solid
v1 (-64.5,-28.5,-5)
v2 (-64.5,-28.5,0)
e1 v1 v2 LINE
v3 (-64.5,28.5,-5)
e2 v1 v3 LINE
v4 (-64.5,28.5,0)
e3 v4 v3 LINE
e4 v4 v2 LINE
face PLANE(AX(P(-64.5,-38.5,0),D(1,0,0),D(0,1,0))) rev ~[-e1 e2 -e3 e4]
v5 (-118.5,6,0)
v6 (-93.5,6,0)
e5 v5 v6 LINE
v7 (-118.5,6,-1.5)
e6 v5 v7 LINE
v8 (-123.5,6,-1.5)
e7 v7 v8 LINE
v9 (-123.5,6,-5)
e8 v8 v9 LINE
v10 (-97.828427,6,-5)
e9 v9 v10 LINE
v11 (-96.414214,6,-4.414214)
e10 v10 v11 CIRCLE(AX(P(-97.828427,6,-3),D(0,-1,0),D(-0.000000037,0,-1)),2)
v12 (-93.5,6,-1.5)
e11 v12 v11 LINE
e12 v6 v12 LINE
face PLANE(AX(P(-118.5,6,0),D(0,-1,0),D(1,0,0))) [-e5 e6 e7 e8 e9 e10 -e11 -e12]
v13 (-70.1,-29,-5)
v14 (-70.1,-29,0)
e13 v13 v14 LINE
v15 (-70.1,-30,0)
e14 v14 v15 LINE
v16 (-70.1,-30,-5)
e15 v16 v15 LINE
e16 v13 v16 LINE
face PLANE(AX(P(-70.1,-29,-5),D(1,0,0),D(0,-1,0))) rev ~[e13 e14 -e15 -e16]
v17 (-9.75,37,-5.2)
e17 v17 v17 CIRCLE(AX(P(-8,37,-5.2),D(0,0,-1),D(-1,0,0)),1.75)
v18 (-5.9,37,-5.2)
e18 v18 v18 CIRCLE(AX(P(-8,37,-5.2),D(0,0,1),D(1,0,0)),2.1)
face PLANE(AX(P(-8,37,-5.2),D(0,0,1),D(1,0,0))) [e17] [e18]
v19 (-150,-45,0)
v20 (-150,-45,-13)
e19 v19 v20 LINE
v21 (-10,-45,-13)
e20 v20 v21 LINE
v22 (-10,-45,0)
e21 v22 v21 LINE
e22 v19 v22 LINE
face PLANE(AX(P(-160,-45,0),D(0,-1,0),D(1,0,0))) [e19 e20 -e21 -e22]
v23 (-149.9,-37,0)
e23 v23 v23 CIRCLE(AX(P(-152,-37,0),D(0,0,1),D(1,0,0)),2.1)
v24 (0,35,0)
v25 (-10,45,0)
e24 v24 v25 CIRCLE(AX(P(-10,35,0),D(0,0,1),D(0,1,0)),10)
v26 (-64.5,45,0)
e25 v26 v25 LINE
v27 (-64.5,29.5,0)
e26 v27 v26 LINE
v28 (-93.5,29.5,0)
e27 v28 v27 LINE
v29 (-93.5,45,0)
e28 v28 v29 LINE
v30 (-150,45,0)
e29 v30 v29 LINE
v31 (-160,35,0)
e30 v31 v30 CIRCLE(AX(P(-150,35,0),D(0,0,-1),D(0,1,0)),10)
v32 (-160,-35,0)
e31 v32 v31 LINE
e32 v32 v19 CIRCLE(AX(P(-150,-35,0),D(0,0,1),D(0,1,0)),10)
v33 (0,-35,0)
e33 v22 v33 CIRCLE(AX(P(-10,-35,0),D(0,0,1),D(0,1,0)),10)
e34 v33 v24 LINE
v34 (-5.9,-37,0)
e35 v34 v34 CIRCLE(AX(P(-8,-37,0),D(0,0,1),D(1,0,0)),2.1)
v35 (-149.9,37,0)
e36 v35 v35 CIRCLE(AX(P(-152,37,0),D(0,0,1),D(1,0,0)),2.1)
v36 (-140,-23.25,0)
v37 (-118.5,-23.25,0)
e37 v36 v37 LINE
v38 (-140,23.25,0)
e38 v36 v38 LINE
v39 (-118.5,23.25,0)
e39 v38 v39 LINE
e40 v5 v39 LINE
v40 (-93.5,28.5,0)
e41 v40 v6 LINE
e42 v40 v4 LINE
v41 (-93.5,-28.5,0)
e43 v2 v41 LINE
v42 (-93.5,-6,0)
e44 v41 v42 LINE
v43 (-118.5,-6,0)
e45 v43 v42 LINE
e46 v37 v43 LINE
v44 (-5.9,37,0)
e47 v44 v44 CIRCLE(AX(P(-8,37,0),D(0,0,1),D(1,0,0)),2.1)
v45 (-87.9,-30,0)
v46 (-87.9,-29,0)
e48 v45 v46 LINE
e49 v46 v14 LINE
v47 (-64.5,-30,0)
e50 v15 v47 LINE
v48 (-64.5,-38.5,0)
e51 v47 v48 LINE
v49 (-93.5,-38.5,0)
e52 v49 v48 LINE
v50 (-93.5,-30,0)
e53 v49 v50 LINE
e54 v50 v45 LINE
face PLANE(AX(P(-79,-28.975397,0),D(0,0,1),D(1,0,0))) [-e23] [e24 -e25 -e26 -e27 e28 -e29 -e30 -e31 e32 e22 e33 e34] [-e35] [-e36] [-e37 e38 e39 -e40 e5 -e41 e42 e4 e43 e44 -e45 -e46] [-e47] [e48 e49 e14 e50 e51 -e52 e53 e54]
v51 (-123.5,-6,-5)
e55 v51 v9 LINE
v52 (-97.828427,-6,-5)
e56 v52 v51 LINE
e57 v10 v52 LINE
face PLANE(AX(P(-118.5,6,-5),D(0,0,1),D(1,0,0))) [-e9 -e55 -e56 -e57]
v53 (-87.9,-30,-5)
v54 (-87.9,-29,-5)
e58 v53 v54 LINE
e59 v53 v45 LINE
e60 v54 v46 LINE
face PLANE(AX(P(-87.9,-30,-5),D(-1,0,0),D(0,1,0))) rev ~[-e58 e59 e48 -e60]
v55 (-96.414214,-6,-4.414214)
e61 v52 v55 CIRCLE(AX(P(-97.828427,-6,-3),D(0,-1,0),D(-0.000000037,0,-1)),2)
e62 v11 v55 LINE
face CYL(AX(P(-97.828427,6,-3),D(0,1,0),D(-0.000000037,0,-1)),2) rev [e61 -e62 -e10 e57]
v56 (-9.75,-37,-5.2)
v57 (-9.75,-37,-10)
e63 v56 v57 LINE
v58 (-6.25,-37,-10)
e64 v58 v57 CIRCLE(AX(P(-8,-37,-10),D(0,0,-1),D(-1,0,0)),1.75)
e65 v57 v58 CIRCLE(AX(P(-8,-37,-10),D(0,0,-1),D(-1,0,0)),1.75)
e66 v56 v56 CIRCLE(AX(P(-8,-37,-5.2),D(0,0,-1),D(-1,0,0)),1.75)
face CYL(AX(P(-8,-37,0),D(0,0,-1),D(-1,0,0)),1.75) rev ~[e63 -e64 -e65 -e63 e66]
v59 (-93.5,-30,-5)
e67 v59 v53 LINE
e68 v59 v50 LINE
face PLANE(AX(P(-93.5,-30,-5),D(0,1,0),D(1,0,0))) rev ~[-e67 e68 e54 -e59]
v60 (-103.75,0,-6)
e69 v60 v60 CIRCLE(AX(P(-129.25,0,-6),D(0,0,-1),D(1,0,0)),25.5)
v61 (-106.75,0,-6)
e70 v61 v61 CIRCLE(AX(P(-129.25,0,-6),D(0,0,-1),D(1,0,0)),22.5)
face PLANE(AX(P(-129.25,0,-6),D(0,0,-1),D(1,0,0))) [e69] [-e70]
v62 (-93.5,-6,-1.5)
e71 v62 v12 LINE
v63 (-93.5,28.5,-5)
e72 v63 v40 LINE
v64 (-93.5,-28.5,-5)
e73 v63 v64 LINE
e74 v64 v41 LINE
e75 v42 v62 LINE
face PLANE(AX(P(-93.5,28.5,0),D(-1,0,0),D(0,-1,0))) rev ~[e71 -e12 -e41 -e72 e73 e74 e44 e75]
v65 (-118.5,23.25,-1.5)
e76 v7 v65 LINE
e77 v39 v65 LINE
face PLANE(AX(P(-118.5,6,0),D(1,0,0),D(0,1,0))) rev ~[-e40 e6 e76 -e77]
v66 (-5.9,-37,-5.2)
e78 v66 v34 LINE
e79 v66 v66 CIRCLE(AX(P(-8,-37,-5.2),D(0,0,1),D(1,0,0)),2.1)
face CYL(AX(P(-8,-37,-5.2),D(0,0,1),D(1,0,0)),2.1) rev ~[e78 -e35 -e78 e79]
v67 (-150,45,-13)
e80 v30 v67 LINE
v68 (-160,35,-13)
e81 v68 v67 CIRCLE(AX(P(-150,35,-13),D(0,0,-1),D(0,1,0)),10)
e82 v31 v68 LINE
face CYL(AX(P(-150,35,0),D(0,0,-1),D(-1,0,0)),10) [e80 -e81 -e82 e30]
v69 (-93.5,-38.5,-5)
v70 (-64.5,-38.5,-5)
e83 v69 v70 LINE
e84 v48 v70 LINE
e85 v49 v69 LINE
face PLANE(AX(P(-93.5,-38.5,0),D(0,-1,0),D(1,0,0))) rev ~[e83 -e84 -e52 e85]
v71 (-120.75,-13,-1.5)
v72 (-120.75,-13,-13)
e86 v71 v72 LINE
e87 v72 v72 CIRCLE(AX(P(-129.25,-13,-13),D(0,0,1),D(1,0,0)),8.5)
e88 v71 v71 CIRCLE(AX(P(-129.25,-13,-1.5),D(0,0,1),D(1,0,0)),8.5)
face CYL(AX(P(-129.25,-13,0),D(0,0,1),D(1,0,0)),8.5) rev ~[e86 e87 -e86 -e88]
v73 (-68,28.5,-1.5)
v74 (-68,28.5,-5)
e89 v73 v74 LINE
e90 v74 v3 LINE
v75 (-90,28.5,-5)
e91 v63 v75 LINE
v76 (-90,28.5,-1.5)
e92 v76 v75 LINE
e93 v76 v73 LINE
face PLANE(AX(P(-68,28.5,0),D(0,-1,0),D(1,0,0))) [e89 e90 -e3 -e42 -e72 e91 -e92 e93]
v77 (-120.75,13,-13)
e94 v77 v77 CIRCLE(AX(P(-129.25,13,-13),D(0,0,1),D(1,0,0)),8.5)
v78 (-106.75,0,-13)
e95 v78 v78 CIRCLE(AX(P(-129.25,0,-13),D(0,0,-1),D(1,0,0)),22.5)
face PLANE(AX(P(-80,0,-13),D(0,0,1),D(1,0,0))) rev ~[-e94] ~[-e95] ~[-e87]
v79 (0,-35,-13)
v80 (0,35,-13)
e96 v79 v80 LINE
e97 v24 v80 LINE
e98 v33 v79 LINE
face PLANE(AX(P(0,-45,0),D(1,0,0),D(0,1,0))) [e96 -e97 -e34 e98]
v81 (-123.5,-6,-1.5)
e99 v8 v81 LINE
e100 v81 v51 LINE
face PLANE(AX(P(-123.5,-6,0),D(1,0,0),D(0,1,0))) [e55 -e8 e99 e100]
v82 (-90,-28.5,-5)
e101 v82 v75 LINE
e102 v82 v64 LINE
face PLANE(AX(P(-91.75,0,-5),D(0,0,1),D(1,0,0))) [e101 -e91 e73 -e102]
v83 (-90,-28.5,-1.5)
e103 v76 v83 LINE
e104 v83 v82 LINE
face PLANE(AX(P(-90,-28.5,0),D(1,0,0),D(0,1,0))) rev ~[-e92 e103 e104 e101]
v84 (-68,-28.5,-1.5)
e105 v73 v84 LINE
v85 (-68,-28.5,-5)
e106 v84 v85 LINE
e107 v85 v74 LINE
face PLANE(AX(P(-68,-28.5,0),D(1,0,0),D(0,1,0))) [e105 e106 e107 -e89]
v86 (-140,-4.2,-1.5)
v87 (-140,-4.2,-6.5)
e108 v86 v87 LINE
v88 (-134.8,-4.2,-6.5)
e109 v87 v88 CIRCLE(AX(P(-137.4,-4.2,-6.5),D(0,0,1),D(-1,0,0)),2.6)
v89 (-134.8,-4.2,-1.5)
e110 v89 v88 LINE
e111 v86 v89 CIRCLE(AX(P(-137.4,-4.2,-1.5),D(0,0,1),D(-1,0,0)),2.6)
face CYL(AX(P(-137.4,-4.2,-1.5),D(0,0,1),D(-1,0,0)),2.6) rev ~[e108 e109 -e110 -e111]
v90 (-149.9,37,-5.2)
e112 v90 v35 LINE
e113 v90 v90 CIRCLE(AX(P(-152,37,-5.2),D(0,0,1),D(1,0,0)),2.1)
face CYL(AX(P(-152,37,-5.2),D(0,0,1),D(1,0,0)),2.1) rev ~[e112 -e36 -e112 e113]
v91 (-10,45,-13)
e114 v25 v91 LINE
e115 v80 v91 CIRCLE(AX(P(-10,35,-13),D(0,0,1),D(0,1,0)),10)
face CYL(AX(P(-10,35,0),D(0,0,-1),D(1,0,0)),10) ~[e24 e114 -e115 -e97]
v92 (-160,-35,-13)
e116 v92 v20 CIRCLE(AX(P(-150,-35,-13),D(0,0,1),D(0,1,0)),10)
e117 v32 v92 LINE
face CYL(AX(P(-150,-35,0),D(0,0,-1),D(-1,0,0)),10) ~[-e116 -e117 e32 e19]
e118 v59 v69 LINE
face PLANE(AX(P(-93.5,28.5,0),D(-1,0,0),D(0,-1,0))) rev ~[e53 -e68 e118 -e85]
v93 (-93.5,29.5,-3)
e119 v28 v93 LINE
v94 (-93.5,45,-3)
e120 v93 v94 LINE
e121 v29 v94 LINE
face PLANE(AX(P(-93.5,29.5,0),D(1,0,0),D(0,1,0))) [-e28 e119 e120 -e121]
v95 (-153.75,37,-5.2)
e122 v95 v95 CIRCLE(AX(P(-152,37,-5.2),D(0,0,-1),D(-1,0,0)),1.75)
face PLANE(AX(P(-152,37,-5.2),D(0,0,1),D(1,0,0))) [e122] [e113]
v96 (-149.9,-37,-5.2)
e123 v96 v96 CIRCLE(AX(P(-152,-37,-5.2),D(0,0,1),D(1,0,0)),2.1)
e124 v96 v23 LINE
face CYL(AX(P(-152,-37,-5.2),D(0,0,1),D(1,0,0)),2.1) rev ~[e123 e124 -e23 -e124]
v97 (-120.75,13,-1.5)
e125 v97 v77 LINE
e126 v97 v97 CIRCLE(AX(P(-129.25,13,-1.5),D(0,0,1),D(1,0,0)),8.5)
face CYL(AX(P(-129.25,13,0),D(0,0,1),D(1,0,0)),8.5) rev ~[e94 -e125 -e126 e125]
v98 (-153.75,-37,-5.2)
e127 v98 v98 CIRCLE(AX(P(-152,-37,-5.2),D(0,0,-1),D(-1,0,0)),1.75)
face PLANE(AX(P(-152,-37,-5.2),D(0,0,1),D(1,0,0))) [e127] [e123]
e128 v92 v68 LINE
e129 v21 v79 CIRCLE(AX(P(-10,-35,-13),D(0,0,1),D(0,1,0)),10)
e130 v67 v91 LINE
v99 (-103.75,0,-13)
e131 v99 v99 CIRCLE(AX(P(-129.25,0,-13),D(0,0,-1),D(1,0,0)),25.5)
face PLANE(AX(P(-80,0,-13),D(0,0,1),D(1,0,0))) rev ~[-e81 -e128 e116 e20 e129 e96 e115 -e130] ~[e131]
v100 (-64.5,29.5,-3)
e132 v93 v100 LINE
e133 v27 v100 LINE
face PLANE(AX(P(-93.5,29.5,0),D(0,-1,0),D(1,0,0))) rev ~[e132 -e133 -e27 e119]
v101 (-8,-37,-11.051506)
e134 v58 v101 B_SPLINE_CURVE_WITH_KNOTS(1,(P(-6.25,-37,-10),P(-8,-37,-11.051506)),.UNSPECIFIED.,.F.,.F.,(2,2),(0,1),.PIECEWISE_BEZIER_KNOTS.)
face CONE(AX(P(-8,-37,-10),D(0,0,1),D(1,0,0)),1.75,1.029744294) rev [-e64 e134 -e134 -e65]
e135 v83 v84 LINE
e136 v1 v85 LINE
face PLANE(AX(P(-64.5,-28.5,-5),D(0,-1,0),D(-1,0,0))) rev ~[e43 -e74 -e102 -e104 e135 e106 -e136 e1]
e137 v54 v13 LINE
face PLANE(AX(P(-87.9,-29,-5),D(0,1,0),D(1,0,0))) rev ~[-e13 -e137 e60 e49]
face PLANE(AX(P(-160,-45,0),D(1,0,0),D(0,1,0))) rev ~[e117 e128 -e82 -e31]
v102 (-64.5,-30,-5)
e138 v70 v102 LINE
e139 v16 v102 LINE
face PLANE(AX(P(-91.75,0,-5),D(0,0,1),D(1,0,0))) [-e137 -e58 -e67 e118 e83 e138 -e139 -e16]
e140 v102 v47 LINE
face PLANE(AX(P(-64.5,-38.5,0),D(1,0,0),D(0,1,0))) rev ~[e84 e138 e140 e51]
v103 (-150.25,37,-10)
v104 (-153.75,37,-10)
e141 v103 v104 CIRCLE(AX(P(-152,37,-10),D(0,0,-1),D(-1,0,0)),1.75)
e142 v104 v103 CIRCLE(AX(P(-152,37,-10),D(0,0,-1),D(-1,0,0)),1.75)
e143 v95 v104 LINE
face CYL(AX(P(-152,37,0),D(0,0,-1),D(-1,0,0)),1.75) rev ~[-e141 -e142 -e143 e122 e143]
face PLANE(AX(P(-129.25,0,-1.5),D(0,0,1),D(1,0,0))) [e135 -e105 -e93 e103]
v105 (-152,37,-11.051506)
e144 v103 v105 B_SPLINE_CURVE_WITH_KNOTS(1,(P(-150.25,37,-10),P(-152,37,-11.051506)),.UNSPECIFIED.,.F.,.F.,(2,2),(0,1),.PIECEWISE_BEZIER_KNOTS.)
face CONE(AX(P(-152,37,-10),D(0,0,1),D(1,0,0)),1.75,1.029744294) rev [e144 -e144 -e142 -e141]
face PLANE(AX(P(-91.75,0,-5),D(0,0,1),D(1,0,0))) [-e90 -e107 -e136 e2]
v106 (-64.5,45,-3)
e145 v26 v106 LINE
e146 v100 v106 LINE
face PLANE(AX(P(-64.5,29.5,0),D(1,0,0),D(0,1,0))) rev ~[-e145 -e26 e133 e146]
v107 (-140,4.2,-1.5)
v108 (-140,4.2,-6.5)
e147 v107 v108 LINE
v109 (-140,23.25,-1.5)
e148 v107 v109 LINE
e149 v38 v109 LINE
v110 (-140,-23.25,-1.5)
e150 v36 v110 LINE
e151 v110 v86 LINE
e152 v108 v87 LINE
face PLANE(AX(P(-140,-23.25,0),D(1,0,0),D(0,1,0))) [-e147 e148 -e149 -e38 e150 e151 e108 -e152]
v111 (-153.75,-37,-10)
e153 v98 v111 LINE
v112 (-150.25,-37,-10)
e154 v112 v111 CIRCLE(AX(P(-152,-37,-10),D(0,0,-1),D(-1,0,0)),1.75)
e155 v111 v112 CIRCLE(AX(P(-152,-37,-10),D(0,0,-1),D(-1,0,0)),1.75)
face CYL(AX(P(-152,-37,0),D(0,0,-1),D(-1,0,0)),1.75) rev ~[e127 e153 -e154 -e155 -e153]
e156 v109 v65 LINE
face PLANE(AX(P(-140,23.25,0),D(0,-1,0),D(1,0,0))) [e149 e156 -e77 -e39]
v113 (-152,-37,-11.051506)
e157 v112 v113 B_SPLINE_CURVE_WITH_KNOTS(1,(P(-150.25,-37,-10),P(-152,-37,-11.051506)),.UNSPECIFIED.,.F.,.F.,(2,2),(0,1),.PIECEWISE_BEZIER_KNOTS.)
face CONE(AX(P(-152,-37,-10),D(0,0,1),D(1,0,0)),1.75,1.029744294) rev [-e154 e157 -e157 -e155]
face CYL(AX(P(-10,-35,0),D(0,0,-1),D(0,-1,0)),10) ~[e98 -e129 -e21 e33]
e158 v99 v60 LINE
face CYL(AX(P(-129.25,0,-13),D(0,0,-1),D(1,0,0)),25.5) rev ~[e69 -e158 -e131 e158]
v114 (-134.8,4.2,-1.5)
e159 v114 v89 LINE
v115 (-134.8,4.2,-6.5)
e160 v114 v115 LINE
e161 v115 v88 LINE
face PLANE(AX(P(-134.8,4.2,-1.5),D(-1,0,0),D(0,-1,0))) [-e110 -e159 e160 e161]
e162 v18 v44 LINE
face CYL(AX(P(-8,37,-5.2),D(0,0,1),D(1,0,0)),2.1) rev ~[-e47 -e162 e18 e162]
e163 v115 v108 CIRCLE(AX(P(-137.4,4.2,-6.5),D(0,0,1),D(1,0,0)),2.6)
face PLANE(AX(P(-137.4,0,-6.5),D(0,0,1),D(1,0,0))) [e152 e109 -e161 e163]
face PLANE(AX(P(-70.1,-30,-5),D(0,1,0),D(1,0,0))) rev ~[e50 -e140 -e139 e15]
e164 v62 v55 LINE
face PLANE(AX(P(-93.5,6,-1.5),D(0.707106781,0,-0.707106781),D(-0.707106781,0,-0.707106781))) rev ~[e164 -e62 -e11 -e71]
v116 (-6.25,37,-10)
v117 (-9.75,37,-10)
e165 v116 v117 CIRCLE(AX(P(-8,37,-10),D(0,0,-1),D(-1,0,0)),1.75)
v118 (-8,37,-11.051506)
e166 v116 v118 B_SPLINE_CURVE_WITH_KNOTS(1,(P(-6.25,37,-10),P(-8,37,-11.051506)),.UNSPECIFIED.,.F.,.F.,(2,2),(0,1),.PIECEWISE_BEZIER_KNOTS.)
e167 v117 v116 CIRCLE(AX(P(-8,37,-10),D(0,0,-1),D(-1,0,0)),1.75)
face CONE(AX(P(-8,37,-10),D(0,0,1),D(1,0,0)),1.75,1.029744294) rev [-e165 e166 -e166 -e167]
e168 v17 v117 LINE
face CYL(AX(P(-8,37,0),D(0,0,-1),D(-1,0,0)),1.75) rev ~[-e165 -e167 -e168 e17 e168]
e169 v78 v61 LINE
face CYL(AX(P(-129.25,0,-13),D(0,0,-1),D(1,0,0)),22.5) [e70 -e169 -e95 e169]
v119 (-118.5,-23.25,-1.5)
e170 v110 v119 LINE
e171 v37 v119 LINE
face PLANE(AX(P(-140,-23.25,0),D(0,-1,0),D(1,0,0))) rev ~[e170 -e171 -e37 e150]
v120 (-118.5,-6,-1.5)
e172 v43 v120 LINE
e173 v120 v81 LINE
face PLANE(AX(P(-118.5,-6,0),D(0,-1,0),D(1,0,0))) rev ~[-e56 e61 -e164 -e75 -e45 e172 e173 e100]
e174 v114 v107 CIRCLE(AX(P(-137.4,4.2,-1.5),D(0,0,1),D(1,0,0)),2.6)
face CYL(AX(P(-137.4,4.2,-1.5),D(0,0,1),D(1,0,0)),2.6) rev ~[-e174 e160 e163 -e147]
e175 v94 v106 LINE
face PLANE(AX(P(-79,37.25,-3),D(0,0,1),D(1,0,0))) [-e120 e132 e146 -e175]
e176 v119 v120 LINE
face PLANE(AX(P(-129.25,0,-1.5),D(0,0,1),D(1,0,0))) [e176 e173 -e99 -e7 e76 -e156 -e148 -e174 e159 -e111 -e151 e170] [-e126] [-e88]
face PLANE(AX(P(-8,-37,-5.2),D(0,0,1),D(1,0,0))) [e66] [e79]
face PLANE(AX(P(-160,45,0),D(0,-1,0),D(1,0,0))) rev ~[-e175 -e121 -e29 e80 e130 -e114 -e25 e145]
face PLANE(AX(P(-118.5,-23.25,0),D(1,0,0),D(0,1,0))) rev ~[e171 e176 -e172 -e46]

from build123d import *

# Parameters (mm, degrees)
SKETCH018_W         = 160
SKETCH018_H         = 90
PAD004_DEPTH        = 13
HOLE005_D           = 3.5
HOLE005_DEPTH       = 10
HOLE005_CBORE_D     = 4.2
HOLE005_CBORE_DEPTH = 5.2
HOLE005_TIPS_R      = 1.75
SKETCH020_R         = 8.5
POCKET008_DEPTH     = 13.001
SKETCH021_W         = 5
SKETCH021_H         = 12
SKETCH021_W_2       = 3.5
SKETCH021_H_2       = 57
SKETCH021_W_3       = 29
SKETCH021_H_3       = 10
POCKET009_DEPTH     = 5
SKETCH022_W         = 21.5
SKETCH022_H         = 46.5
SKETCH022_W_2       = 29
SKETCH022_H_2       = 57
SKETCH022_W_3       = 30
SKETCH022_H_3       = 12
POCKET010_DEPTH     = 1.5
SKETCH031_R         = 25.5
SKETCH031_R_2       = 22.5
POCKET016_DEPTH     = 7
PAD_DEPTH           = 5
FILLET_R            = 10
SKETCH034_W         = 29
SKETCH034_H         = 15.5
POCKET018_DEPTH     = 3
POCKET019_DEPTH     = 5
POCKET021_DEPTH     = 12


with BuildPart() as part:
    # Sketch018 → Pad004 (new body)
    with BuildSketch(Plane.XY):
        with Locations((-80, 0)):
            Rectangle(SKETCH018_W, SKETCH018_H)
    extrude(amount=-PAD004_DEPTH)

    # Hole005
    with Locations(Plane.XY):
        with Locations((-152, 37), (-8, 37), (-152, -37), (-8, -37)):
            CounterBoreHole(HOLE005_D / 2, HOLE005_CBORE_D / 2, HOLE005_CBORE_DEPTH, depth=HOLE005_DEPTH)

    # Hole005 tips → Hole005 tip 1 section 0
    with BuildSketch(Plane.XY.offset(-10), mode=Mode.PRIVATE) as hole005_tip_1_s0:
        with Locations((-152, 37)):
            Circle(HOLE005_TIPS_R)
    loft([hole005_tip_1_s0.sketch, Vertex(-152, 37, -11.051506)], mode=Mode.SUBTRACT)

    # Hole005 tips → Hole005 tip 2 section 0
    with BuildSketch(Plane.XY.offset(-10), mode=Mode.PRIVATE) as hole005_tip_2_s0:
        with Locations((-8, 37)):
            Circle(HOLE005_TIPS_R)
    loft([hole005_tip_2_s0.sketch, Vertex(-8, 37, -11.051506)], mode=Mode.SUBTRACT)

    # Hole005 tips → Hole005 tip 3 section 0
    with BuildSketch(Plane.XY.offset(-10), mode=Mode.PRIVATE) as hole005_tip_3_s0:
        with Locations((-152, -37)):
            Circle(HOLE005_TIPS_R)
    loft([hole005_tip_3_s0.sketch, Vertex(-152, -37, -11.051506)], mode=Mode.SUBTRACT)

    # Hole005 tips → Hole005 tip 4 section 0
    with BuildSketch(Plane.XY.offset(-10), mode=Mode.PRIVATE) as hole005_tip_4_s0:
        with Locations((-8, -37)):
            Circle(HOLE005_TIPS_R)
    loft([hole005_tip_4_s0.sketch, Vertex(-8, -37, -11.051506)], mode=Mode.SUBTRACT)

    # Sketch020 (on Face4 of Hole005) → Pocket008 (cut, through all)
    with BuildSketch(Plane.XY):
        with Locations((-129.25, 13)):
            Circle(SKETCH020_R)
        with Locations((-129.25, -13)):
            Circle(SKETCH020_R)
    extrude(amount=-POCKET008_DEPTH, mode=Mode.SUBTRACT)

    # Sketch021 (on Face4 of Pocket008) → Pocket009 (cut)
    with BuildSketch(Plane.XY):
        with Locations((-121, 0)):
            Rectangle(SKETCH021_W, SKETCH021_H)
        with Locations((-91.75, 0)):
            Rectangle(SKETCH021_W_2, SKETCH021_H_2)
        with Locations((-66.25, 0)):
            Rectangle(SKETCH021_W_2, SKETCH021_H_2)
        with Locations((-79, -33.5)):
            Rectangle(SKETCH021_W_3, SKETCH021_H_3)
    extrude(amount=-POCKET009_DEPTH, mode=Mode.SUBTRACT)

    # Sketch022 (on Face4 of Pocket009) → Pocket010 (cut)
    with BuildSketch(Plane.XY):
        with Locations((-129.25, 0)):
            Rectangle(SKETCH022_W, SKETCH022_H)
        with Locations((-79, 0)):
            Rectangle(SKETCH022_W_2, SKETCH022_H_2)
        with Locations((-108.5, 0)):
            Rectangle(SKETCH022_W_3, SKETCH022_H_3)
    extrude(amount=-POCKET010_DEPTH, mode=Mode.SUBTRACT)

    # Sketch031 (on Face7 of Pocket010) → Pocket016 (cut)
    with BuildSketch(Plane(origin=(0, 0, -13), x_dir=(1, 0, 0), z_dir=(0, 0, -1))):
        with Locations((-129.25, 0)):
            Circle(SKETCH031_R)
        with Locations((-129.25, 0)):
            Circle(SKETCH031_R_2, mode=Mode.SUBTRACT)
    extrude(amount=-POCKET016_DEPTH, mode=Mode.SUBTRACT)

    # Sketch033 (on Face8 of Pocket016) → Pad (join)
    with BuildSketch(Plane.XY.offset(-5)):
        Polygon((-87.9, -29), (-70.1, -29), (-70.1, -30), (-64.5, -30), (-64.5, -28.5), (-93.5, -28.5), (-93.5, -30), (-87.9, -30), align=None)
    extrude(amount=PAD_DEPTH)

    # Fillet
    fillet_edges = [part.edges().sort_by_distance(p)[0] for p in [
        (0, 45, -6.5),
        (0, -45, -6.5),
        (-160, -45, -6.5),
        (-160, 45, -6.5),
    ]]
    fillet(fillet_edges, radius=FILLET_R)

    # Sketch034 (on Face35 of Pad) → Pocket018 (cut)
    with BuildSketch(Plane.XY):
        with Locations((-79, 37.25)):
            Rectangle(SKETCH034_W, SKETCH034_H)
    extrude(amount=-POCKET018_DEPTH, mode=Mode.SUBTRACT)

    # Sketch035 (on Face48 of Pocket018) → Pocket019 (cut)
    with BuildSketch(Plane.XY.offset(-1.5)):
        with BuildLine():
            ThreePointArc((-134.8, 4.2), (-137.4, 6.8), (-140, 4.2))
            Line((-140, 4.2), (-140, -4.2))
            ThreePointArc((-140, -4.2), (-137.4, -6.8), (-134.8, -4.2))
            Line((-134.8, 4.2), (-134.8, -4.2))
        make_face()
    extrude(amount=-POCKET019_DEPTH, mode=Mode.SUBTRACT)

    # Sketch038 (on Face29 of Pocket019) → Pocket021 (cut)
    with BuildSketch(Plane.XZ.offset(-6)):
        with BuildLine():
            Line((-118.5, -5), (-118.5, -1.5))
            Line((-118.5, -1.5), (-93.5, -1.5))
            Line((-93.5, -1.5), (-96.414214, -4.414214))
            ThreePointArc((-97.828427, -5), (-97.06306, -4.847759), (-96.414214, -4.414214))
            Line((-118.5, -5), (-97.828427, -5))
        make_face()
    extrude(amount=POCKET021_DEPTH, mode=Mode.SUBTRACT)


solid = part.part
